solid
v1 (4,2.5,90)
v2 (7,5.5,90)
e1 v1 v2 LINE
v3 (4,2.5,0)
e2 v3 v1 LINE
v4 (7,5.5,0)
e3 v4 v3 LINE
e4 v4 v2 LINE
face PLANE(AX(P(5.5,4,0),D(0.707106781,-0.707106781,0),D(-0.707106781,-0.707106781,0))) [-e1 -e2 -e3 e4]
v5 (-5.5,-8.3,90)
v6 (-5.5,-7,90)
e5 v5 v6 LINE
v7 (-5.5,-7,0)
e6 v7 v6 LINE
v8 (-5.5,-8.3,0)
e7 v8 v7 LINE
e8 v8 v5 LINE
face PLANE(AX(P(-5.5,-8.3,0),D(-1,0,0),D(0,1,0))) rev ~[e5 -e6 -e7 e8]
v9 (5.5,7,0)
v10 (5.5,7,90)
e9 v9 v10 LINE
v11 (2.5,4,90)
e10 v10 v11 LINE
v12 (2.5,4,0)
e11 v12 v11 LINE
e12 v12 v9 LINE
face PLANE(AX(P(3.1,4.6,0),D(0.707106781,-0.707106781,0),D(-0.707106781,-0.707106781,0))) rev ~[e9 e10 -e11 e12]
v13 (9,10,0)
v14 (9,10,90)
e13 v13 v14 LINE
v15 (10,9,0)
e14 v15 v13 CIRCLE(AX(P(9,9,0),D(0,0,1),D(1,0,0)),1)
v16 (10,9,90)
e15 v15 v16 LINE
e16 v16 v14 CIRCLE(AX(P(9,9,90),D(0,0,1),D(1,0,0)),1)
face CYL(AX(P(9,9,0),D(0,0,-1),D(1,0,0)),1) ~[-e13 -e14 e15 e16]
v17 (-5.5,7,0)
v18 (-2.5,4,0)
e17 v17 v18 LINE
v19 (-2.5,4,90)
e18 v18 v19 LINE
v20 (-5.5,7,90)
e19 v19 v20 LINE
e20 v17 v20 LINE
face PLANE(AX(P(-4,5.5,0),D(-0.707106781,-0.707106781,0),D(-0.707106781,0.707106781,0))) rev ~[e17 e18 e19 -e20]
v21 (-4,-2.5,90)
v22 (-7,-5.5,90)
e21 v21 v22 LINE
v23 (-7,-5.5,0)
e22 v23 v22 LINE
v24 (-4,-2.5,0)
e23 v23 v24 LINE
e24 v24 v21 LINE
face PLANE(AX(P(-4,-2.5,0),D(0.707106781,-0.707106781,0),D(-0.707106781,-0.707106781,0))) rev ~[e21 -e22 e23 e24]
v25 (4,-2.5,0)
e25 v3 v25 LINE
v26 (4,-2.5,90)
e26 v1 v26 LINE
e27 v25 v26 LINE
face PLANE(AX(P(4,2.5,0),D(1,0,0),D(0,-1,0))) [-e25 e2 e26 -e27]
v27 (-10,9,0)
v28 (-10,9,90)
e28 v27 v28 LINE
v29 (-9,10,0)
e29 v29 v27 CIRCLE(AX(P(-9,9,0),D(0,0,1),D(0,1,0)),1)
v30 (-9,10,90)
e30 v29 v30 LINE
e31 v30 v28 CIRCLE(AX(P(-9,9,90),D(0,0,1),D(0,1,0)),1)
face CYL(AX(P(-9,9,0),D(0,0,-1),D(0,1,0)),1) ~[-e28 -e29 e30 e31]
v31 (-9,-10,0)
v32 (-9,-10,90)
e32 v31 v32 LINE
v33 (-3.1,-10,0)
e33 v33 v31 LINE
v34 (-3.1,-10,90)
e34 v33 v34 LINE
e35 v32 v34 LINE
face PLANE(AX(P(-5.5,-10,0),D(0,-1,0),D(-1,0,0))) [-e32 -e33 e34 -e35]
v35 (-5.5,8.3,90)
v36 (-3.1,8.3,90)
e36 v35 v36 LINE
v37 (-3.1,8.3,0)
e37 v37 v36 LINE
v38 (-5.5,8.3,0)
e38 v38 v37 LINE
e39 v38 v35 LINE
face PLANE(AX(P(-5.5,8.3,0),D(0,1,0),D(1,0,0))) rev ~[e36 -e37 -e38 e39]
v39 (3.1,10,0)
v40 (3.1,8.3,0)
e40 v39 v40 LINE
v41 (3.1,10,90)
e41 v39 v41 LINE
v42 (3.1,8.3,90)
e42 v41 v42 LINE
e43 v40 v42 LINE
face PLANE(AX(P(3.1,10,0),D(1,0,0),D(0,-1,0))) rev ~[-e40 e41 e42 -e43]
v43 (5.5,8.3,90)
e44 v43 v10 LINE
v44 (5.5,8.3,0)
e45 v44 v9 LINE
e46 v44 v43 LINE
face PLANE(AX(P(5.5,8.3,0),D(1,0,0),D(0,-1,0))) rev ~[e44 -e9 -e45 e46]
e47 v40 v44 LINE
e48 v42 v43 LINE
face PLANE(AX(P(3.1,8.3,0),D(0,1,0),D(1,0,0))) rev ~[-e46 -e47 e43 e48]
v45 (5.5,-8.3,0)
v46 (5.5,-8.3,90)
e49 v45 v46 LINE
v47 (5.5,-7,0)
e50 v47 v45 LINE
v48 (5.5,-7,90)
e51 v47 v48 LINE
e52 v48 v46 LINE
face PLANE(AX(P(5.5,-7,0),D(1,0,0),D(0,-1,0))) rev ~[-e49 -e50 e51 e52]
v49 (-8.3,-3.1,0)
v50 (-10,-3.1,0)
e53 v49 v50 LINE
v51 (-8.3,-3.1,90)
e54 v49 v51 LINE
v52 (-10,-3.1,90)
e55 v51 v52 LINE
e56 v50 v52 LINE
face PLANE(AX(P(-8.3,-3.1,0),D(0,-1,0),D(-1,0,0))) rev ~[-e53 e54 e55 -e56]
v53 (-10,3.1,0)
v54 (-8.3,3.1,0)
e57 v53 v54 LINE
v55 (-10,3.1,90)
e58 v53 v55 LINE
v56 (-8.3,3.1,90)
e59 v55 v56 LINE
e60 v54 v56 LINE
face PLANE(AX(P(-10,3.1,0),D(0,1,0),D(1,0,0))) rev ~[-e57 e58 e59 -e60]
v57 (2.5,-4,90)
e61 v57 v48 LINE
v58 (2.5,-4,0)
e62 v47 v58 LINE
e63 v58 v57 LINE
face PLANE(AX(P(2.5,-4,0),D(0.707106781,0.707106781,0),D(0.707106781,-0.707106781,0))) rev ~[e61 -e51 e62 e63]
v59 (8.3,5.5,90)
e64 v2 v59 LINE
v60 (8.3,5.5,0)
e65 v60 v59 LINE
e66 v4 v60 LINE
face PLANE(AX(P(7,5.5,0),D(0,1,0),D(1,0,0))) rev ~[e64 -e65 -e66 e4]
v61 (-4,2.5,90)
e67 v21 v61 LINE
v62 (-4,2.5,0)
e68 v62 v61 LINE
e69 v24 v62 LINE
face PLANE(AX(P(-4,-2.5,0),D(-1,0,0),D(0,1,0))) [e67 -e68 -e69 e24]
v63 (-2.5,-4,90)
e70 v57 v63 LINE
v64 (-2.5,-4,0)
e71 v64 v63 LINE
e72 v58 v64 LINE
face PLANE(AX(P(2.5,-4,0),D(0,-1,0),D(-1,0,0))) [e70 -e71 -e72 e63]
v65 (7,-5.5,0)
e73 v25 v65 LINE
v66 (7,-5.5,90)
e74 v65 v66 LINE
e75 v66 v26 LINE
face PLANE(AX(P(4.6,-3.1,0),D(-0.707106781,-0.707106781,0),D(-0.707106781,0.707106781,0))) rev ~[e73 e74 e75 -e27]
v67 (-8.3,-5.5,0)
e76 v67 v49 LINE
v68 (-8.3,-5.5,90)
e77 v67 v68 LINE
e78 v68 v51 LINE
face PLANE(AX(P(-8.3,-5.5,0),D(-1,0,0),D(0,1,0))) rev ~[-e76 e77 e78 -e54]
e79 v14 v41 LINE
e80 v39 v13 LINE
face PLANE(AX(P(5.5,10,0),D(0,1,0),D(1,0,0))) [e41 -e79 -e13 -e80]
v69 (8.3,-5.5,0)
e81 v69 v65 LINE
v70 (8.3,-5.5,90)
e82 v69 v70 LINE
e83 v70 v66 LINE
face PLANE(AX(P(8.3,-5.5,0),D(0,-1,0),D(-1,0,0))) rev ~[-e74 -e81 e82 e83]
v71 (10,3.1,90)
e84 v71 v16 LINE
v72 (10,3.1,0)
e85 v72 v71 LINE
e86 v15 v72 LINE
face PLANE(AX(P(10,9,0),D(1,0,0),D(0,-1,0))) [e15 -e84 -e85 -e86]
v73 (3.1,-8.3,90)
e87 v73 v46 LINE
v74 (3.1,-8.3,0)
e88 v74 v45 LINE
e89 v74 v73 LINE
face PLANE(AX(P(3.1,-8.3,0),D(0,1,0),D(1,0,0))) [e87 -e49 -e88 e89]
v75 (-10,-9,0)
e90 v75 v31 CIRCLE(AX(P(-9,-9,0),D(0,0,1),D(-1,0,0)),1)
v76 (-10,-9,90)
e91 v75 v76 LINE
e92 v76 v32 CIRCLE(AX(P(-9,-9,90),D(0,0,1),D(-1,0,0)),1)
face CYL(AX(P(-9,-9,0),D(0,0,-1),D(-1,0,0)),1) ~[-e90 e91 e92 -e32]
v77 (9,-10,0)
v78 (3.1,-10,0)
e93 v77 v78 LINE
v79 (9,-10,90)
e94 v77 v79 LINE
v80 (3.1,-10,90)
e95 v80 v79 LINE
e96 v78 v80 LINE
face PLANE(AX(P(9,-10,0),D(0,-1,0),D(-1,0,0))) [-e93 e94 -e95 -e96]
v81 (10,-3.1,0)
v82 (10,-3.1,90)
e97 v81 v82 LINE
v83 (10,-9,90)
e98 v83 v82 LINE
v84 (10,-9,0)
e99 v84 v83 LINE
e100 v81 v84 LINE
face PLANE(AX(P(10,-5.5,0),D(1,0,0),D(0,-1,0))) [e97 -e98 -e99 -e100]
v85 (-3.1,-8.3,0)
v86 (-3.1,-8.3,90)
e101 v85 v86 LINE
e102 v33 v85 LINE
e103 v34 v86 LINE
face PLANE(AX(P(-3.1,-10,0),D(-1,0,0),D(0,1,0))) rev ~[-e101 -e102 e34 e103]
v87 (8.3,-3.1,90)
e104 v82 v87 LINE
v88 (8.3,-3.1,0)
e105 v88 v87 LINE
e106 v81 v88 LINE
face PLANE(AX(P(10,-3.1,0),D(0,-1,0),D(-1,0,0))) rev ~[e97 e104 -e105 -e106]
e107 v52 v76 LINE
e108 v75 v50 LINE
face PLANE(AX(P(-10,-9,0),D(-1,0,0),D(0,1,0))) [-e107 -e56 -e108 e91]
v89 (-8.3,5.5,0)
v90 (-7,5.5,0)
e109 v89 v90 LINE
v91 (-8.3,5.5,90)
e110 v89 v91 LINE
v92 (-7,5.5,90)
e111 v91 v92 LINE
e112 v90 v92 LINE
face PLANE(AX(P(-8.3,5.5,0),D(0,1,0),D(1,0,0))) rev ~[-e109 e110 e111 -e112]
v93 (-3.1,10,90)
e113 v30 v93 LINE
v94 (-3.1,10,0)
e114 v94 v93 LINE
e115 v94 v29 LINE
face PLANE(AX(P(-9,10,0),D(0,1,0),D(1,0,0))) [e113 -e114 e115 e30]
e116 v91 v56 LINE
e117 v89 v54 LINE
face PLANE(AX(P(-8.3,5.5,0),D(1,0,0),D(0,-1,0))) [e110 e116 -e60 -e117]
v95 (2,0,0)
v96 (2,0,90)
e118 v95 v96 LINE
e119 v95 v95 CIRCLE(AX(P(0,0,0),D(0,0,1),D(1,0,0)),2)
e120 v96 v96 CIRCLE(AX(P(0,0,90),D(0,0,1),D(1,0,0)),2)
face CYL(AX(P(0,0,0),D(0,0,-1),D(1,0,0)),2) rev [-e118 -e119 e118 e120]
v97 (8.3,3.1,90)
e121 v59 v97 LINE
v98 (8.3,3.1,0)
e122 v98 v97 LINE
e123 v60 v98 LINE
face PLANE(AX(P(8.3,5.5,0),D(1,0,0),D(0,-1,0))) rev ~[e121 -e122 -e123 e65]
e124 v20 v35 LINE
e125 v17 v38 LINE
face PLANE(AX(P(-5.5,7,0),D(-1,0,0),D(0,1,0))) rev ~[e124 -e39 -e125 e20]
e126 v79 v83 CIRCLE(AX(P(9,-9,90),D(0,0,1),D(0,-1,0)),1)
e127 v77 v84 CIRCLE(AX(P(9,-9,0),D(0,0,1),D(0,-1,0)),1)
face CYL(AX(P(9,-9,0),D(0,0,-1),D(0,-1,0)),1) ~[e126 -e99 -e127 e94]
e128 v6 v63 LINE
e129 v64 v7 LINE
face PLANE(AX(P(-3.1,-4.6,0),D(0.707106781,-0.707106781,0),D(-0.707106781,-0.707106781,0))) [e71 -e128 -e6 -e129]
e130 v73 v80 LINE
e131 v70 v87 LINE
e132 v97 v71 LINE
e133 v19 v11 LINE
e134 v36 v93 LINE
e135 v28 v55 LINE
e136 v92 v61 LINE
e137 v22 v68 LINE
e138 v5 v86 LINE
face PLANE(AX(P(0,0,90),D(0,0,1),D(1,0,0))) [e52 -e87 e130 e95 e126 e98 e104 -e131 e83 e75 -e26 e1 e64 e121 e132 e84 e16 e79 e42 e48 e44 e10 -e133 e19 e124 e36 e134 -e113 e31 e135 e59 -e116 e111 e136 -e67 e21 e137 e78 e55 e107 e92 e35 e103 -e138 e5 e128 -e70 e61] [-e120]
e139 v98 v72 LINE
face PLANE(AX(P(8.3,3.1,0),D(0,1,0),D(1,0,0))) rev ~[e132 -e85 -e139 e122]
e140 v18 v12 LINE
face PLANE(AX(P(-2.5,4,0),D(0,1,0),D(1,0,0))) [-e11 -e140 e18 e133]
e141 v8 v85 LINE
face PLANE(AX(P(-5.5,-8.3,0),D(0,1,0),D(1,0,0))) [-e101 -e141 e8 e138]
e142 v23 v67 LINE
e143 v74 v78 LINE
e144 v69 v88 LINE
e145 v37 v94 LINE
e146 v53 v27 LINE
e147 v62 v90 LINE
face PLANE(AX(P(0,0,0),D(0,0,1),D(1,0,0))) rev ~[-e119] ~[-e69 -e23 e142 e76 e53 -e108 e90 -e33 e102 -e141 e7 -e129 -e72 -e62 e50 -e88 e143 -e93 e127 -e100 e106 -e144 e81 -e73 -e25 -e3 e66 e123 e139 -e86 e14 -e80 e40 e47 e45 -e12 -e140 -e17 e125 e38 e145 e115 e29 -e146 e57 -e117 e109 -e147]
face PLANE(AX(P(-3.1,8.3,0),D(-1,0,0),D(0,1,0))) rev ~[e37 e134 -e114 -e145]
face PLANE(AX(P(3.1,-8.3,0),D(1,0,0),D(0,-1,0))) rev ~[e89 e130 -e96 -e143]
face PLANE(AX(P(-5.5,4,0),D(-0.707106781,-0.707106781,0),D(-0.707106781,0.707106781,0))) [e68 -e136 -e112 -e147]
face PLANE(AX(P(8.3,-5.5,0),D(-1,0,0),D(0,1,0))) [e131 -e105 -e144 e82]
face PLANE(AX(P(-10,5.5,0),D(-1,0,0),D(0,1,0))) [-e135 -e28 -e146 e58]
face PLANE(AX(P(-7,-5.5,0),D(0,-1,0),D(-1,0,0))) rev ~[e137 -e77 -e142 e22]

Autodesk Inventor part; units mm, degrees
ref_plane "YZ Plane" through (0, 0, 0) normal (1, 0, 0) x (0, 1, 0)
ref_plane "XZ Plane" through (0, 0, 0) normal (0, 1, 0) x (-1, 0, 0)
ref_plane "XY Plane" through (0, 0, 0) normal (0, 0, 1) x (1, 0, 0)
sketch "Sketch1" plane through (0, 0, 0) normal (0, 0, 1) x (1, 0, 0)
  line L0 (-9, 10) -> (9, 10)
  line L1 (10, 9) -> (10, -9)
  line L2 (9, -10) -> (-9, -10)
  line L3 (-10, -9) -> (-10, 9)
  line L4 (-10, 10) -> (10, -10) construction
  line L5 (10, 10) -> (-10, -10) construction
  circle A0 centre (0, 0) radius 2
  line L6 (-4, 4) -> (4, 4)
  line L7 (4, 4) -> (4, -4)
  line L8 (4, -4) -> (-4, -4)
  line L9 (-4, -4) -> (-4, 4)
  line L10 (-4, 4) -> (4, -4) construction
  line L11 (4, 4) -> (-4, -4) construction
  arc A1 (-9, 10) -> (-10, 9) centre (-9, 9) ccw
  arc A2 (10, 9) -> (9, 10) centre (9, 9) ccw
  arc A3 (9, -10) -> (10, -9) centre (9, -9) ccw
  arc A4 (-10, -9) -> (-9, -10) centre (-9, -9) ccw
  line L12 (-3.1, 10) -> (3.1, 10)
  line L13 (3.1, 10) -> (3.1, -10)
  line L14 (3.1, -10) -> (-3.1, -10)
  line L15 (-3.1, -10) -> (-3.1, 10)
  line L16 (-10, 3.1) -> (10, 3.1)
  line L17 (10, 3.1) -> (10, -3.1)
  line L18 (10, -3.1) -> (-10, -3.1)
  line L19 (-10, -3.1) -> (-10, 3.1)
  line L20 (-5.5, 10) -> (5.5, 10)
  line L21 (5.5, 10) -> (5.5, -10)
  line L22 (5.5, -10) -> (-5.5, -10)
  line L23 (-5.5, -10) -> (-5.5, 10)
  line L24 (-10, 5.5) -> (10, 5.5)
  line L25 (10, 5.5) -> (10, -5.5)
  line L26 (10, -5.5) -> (-10, -5.5)
  line L27 (-10, -5.5) -> (-10, 5.5)
  line L28 (-8.3, 5.5) -> (-8.3, 3.1)
  line L29 (-8.3, -5.5) -> (-8.3, -3.1)
  line L30 (8.3, -5.5) -> (8.3, -3.1)
  line L31 (8.3, 5.5) -> (8.3, 3.1)
  line L32 (-5.5, 8.3) -> (-3.1, 8.3)
  line L33 (3.1, 8.3) -> (5.5, 8.3)
  line L34 (-5.5, -8.3) -> (-3.1, -8.3)
  line L35 (3.1, -8.3) -> (5.5, -8.3)
  line L36 (-4, 2.5) -> (-7, 5.5)
  line L37 (-4, 2.5) -> (0.2426, 2.5) construction
  line L38 (-4, -2.5) -> (-7, -5.5)
  line L39 (-4, -2.5) -> (0.2426, -2.5) construction
  line L40 (-2.5, 4) -> (-5.5, 7)
  line L41 (-2.5, 4) -> (1.7426, 4) construction
  line L42 (5.5, 7) -> (2.5, 4)
  line L43 (5.5, 7) -> (9.7426, 7) construction
  line L44 (7, 5.5) -> (4, 2.5)
  line L45 (7, 5.5) -> (11.2426, 5.5) construction
  line L46 (7, -5.5) -> (4, -2.5)
  line L47 (7, -5.5) -> (11.2426, -5.5) construction
  line L48 (2.5, -4) -> (5.5, -7)
  line L49 (2.5, -4) -> (6.7426, -4) construction
  line L50 (-2.5, -4) -> (-5.5, -7)
  line L51 (-2.5, -4) -> (1.7426, -4) construction
  point P0 (3.1, -3.1)
  point P1 (3.1, -5.5)
  point P2 (5.5, -5.5)
  point P3 (10, 3.1)
  point P4 (-5.5, -5.5)
  point P5 (-3.1, -5.5)
  point P6 (-3.1, -3.1)
  dimension "d0" = 20
  dimension "d1" = 20
  dimension "d2" = 4
  dimension "d3" = 8
  dimension "d4" = 8
  dimension "d5" = 1
  dimension "d6" = 6.2
  dimension "d7" = 3.1
  dimension "d8" = 6.2
  dimension "d9" = 3.1
  dimension "d10" = 11
  dimension "d11" = 5.5
  dimension "d12" = 11
  dimension "d13" = 5.5
  dimension "d14" = 4.3
  dimension "d15" = 4.3
  dimension "d16" = 4.3
  dimension "d17" = 4.3
  dimension "d18" = 135
  dimension "d19" = 135
  dimension "d20" = 135
  dimension "d21" = 135
  dimension "d22" = 135
  dimension "d23" = 135
  dimension "d24" = 1.3
  dimension "d25" = 1.3
  dimension "d26" = 1.3
  dimension "d27" = 1.3
  dimension "d28" = 1.3
  dimension "d29" = 1.3
  dimension "d32" = 45
  dimension "d33" = 135
  dimension "d34" = 1.3
  dimension "d35" = 1.3
extrude "Extrusion1" add sketch "Sketch1" along normal blind 90 contours L0 L23 L24 L3 A1 | L0 L15 L32 L23 | L24 L28 L16 L3 | L0 L21 L33 L13 | L40 L24 L23 | L0 A2 L1 L24 L21 | L24 L40 L15 L6 L9 L16 L36 L23 | L23 L36 L24 | L18 L29 L26 L3 | L40 L6 L15 | L26 L23 L2 A4 L3 | L21 L24 L42 | L42 L24 L21 L44 L16 L7 L6 L13 | L13 L6 L42 | L15 L16 L9 L6 | L6 L13 L16 L15 | L16 L9 L36 | L1 L16 L31 L24 | L24 L44 L21 | L6 L7 L16 L13 | L16 L13 L18 L15 | L15 L18 L9 L16 | L38 L23 L26 | L38 L9 L18 | L18 L9 L8 L15 L50 L26 L23 L38 | L16 L7 L18 L13 | L18 L13 L8 L15 | L15 L8 L9 L18 | L23 L34 L15 L2 | L26 L50 L23 | L1 L26 L30 L18 | L44 L7 L16 | L18 L7 L8 L13 | L8 L50 L15 | L1 A3 L2 L21 L26 | L13 L48 L8 | L8 L7 L18 L46 L21 L26 L48 L13 | L7 L46 L18 | L13 L35 L21 L2 | L46 L26 L21 | L21 L48 L26
equation "\"d7\" = 0.5 * d6"
equation "\"d8\" = d6"
equation "\"d9\" = 0.5 * d6"
equation "\"d11\" = 0.5 * d10"
equation "\"d12\" = d10"
equation "\"d13\" = 0.5 * d12"
properties part number "Aluminum_Profile_202090"
